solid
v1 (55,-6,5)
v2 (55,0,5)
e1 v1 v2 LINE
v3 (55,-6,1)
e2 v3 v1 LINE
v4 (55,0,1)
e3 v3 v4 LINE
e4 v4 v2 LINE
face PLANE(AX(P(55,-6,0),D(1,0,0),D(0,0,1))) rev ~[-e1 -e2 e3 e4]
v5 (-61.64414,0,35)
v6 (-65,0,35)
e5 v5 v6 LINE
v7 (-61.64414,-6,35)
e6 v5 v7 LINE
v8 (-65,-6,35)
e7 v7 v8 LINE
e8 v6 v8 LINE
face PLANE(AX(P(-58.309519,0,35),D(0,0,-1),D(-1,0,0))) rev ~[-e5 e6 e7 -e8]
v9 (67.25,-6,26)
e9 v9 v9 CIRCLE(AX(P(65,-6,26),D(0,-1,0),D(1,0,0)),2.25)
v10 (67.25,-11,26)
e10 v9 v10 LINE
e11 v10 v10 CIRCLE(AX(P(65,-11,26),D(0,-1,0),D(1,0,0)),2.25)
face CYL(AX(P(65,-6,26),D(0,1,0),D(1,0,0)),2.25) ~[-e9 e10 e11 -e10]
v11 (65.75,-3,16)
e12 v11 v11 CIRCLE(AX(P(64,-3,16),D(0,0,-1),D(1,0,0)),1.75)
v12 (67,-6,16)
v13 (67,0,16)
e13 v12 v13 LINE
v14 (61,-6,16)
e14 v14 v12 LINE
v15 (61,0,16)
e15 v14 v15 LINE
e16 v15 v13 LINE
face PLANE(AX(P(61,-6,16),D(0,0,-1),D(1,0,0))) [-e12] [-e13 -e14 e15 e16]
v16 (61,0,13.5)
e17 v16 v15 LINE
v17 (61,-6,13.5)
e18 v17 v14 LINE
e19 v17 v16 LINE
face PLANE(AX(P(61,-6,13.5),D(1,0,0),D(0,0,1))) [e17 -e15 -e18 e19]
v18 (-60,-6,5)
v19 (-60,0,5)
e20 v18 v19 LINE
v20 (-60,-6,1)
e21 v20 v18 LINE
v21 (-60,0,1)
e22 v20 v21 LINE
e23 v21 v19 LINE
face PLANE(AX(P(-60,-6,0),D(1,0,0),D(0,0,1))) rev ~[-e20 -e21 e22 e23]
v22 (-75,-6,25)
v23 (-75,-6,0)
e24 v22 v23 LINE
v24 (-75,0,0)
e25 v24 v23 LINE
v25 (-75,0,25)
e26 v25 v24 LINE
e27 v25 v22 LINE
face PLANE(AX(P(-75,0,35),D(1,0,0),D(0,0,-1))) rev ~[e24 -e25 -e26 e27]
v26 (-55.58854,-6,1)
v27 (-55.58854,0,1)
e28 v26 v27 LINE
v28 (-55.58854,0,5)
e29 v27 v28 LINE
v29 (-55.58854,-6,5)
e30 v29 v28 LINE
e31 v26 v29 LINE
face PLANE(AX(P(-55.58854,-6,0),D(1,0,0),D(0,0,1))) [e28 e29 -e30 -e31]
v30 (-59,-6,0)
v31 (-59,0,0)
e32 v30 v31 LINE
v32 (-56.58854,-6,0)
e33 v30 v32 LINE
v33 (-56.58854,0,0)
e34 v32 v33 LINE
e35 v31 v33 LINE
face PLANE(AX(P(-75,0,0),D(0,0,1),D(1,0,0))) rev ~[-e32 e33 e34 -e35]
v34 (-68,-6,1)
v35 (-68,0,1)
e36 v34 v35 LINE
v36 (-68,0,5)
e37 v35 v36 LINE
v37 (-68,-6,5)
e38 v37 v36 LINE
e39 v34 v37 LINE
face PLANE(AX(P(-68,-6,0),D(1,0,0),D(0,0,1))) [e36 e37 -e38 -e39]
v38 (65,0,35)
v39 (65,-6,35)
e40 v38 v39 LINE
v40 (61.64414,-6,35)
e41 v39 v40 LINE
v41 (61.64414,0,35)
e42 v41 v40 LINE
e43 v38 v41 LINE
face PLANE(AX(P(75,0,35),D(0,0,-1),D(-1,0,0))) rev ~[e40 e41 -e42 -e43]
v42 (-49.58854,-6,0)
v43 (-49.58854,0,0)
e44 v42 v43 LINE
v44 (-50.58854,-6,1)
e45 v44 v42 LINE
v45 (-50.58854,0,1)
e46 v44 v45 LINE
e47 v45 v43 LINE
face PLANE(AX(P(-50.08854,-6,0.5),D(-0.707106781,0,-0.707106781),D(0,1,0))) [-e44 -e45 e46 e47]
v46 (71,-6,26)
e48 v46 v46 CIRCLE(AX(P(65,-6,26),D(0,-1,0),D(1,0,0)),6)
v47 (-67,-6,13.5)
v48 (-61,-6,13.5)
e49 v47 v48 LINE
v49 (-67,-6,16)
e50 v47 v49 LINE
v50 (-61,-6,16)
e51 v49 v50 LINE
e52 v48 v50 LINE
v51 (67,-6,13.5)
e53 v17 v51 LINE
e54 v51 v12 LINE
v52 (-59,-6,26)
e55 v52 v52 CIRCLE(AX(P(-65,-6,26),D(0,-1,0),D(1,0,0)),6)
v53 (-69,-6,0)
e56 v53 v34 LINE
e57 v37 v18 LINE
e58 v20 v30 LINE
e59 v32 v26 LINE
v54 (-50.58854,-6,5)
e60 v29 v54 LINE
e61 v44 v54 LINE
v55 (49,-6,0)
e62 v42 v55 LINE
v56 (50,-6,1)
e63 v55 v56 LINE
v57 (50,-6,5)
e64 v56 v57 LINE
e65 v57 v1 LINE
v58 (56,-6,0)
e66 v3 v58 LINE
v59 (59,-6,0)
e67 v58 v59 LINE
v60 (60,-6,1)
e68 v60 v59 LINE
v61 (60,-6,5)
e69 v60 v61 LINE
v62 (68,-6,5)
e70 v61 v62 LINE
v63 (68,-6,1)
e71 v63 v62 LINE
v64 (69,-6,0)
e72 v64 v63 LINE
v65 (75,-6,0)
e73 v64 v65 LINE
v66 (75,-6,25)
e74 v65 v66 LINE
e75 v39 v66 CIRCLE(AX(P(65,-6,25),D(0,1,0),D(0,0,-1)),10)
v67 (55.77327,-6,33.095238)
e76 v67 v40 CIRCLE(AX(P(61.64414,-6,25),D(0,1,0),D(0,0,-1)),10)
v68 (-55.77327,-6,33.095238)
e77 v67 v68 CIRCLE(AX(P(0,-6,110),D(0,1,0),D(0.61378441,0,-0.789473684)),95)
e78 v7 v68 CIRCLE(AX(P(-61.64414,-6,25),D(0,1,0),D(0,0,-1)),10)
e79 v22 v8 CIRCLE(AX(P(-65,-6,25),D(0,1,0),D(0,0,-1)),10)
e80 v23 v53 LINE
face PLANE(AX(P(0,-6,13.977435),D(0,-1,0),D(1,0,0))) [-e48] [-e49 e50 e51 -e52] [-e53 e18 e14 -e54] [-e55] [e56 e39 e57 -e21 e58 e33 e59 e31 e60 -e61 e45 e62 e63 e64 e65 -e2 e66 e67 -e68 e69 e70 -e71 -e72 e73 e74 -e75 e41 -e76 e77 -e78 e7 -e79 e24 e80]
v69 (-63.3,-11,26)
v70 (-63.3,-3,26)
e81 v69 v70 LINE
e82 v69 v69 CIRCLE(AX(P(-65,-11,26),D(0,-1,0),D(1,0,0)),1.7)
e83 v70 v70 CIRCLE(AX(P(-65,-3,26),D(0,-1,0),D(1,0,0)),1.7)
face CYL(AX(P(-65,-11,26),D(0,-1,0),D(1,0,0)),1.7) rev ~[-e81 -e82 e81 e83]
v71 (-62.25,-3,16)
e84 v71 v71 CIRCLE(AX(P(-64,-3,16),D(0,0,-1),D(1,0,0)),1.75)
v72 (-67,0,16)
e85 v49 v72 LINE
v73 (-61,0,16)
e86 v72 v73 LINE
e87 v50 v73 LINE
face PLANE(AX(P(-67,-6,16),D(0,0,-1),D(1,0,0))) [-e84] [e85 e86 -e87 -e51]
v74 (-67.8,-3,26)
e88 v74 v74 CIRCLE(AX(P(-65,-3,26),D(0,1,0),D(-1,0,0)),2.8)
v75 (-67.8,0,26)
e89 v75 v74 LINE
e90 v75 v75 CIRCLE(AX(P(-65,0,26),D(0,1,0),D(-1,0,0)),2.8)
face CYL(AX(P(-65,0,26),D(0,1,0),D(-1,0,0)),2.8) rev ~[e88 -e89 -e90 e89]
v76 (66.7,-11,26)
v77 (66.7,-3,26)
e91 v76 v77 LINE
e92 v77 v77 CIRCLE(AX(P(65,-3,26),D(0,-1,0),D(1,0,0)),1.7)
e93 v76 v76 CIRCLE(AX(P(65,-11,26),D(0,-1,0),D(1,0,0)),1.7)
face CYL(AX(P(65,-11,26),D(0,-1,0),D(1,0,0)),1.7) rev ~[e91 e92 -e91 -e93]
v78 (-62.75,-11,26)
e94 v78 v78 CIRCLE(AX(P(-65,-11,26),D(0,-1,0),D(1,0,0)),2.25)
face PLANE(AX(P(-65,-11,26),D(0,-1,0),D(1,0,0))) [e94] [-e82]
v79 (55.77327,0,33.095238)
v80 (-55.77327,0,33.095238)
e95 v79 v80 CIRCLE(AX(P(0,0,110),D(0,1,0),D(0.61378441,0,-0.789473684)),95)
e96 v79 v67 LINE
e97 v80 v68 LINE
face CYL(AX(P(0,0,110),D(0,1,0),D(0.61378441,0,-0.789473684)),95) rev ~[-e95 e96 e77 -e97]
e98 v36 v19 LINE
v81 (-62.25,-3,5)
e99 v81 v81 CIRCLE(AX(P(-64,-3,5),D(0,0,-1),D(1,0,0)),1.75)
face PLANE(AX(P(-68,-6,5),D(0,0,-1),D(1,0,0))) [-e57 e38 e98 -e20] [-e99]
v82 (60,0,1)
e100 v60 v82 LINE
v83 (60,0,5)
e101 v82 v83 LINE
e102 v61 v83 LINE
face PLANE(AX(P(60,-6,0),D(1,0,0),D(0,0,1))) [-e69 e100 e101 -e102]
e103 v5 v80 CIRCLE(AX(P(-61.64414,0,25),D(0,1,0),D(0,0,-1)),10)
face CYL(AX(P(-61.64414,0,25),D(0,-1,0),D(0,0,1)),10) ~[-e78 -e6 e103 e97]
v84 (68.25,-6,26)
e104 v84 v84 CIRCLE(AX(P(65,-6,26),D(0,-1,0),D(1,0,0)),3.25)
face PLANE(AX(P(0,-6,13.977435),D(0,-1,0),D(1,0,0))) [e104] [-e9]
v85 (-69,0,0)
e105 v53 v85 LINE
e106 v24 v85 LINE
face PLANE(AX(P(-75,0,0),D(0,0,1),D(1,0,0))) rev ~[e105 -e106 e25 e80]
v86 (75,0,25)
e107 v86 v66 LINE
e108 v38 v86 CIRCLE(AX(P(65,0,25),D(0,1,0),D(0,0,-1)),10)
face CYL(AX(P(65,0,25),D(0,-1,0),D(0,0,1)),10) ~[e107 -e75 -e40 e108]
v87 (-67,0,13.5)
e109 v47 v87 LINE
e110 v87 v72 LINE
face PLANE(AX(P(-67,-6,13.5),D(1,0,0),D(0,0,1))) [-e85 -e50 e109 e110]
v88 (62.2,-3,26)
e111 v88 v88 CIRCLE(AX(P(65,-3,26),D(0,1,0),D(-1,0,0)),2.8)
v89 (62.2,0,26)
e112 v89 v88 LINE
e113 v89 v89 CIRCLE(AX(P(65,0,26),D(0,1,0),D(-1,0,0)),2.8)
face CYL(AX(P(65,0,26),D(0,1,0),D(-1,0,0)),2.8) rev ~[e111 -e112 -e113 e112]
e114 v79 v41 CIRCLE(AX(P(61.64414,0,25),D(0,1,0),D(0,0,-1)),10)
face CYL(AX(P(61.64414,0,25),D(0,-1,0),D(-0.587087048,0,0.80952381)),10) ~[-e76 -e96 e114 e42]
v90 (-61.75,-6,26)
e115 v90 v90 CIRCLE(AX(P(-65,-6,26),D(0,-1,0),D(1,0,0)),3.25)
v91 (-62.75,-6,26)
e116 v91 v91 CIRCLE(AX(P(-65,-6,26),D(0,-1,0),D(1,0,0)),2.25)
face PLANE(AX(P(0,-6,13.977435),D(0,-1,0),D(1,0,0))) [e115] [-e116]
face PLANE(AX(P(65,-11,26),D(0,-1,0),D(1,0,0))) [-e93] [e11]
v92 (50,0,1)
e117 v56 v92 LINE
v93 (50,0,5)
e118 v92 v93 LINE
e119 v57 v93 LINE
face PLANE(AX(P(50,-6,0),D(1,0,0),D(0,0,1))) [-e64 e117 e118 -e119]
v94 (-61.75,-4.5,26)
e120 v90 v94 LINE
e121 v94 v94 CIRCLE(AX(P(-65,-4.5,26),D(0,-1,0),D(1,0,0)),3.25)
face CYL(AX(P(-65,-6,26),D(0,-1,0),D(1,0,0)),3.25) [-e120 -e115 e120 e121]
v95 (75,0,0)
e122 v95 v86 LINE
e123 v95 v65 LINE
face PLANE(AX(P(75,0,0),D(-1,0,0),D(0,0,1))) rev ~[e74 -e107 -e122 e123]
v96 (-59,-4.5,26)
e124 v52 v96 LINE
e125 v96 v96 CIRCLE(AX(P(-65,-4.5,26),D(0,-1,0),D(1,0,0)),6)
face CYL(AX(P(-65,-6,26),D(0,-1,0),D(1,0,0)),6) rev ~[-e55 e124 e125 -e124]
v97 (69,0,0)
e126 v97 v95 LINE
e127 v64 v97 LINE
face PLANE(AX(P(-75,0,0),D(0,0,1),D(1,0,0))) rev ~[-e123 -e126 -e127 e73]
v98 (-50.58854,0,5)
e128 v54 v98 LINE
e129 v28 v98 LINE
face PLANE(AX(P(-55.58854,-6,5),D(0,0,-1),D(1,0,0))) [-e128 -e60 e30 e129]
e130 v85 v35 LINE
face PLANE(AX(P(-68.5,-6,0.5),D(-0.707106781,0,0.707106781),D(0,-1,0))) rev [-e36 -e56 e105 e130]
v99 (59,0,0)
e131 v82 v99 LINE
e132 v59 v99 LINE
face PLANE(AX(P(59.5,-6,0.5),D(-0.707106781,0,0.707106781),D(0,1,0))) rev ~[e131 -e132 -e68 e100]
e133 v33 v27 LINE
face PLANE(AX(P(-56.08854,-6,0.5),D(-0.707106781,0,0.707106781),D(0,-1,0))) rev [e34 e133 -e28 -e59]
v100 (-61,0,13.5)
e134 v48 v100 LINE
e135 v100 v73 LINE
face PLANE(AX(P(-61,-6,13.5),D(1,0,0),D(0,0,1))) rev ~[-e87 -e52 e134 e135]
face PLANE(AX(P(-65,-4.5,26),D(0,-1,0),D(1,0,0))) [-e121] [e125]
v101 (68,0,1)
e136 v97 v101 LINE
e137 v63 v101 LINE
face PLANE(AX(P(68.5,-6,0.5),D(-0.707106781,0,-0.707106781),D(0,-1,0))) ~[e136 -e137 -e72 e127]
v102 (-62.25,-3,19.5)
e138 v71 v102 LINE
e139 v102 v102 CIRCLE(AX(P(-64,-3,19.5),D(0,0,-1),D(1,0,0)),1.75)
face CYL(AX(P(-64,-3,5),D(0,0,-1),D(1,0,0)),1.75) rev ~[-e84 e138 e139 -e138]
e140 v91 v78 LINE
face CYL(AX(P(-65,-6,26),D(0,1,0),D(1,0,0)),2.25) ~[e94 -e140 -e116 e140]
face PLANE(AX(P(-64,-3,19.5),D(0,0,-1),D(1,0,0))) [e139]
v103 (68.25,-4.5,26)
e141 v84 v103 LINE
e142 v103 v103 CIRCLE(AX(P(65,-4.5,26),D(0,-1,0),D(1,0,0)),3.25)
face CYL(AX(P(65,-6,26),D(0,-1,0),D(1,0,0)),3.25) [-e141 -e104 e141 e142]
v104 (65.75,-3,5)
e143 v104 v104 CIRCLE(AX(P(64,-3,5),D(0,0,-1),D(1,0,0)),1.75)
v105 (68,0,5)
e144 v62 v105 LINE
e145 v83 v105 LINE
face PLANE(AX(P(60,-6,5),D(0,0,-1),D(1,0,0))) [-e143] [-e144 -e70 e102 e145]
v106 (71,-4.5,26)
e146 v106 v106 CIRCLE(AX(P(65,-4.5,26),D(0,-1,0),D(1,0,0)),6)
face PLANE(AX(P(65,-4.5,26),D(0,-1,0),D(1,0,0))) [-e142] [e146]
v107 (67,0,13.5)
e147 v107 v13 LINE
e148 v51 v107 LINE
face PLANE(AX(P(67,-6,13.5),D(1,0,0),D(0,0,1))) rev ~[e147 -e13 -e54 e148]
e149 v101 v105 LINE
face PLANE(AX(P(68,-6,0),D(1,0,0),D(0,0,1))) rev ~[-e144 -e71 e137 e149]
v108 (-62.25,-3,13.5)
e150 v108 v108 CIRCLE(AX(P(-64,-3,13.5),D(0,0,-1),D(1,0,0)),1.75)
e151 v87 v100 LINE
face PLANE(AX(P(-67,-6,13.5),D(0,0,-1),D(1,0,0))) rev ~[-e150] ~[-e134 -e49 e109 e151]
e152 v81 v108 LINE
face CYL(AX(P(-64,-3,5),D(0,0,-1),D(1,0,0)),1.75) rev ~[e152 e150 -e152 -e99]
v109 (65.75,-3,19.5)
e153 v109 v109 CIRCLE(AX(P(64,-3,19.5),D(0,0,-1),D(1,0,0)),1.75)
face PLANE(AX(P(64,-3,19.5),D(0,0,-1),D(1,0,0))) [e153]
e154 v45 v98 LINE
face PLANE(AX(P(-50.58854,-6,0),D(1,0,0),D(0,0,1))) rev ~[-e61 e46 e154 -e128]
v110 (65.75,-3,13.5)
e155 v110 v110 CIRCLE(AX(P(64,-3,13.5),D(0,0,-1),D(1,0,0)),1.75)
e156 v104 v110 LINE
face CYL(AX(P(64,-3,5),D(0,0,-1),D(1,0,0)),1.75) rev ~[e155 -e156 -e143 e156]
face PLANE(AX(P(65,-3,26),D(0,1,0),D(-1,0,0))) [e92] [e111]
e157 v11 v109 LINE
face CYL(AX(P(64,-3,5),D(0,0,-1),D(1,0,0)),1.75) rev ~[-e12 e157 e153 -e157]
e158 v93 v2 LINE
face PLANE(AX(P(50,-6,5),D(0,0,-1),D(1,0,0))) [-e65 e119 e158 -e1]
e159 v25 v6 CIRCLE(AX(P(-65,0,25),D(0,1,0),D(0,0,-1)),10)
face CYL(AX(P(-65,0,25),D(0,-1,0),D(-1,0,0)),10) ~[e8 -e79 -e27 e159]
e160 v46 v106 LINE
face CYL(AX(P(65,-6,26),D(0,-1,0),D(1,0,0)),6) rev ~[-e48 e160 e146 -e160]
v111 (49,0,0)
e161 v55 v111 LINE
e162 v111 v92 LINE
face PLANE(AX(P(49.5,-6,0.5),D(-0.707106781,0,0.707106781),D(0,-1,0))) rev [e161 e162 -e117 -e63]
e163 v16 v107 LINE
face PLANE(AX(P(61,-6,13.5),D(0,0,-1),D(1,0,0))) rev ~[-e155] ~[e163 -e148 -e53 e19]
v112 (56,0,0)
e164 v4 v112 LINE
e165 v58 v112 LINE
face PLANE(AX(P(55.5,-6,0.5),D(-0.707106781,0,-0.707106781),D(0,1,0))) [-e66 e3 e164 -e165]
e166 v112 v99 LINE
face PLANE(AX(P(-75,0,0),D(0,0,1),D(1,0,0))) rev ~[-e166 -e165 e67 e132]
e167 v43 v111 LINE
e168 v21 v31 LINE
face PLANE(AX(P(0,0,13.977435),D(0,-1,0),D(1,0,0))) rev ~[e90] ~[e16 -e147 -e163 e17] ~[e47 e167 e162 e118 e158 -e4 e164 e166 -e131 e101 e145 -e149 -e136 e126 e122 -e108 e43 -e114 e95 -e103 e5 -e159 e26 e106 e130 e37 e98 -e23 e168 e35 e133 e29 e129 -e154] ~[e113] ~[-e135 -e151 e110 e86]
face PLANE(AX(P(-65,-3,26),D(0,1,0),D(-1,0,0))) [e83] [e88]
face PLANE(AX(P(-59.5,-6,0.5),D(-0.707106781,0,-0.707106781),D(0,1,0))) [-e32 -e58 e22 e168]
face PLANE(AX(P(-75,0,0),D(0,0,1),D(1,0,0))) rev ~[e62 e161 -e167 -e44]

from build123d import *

# Parameters (mm, degrees)
F1_DEPTH  = 6
F2_R      = 6
F2_R_2    = 3.25
F3_DEPTH  = 1.5
F4_W      = 8
F4_H      = 5
F4_W_2    = 6
F4_H_2    = 2.5
F4_W_3    = 5
F5_DEPTH  = 6.001
F6_R      = 10
F7_SIZE   = 1
F8_R      = 1.75
F9_DEPTH  = 14.5
F10_R     = 1.75
F11_DEPTH = 14.5
F12_R     = 2.25
F13_DEPTH = 5
F14_R     = 1.7
F15_DEPTH = 11.001
F16_R     = 2.25
F17_DEPTH = 5
F18_R     = 1.7
F19_DEPTH = 11.001
F20_R     = 2.8
F20_R_2   = 1.7
F21_DEPTH = 3


with BuildPart() as f1:
    # F0 (on Front) → F1 (new body)
    with BuildSketch(Plane.XZ):
        with BuildLine():
            Line((-75, 0), (75, 0))
            Line((75, 0), (75, 35))
            Line((75, 35), (58.3095189485, 35))
            ThreePointArc((58.3095189485, 35), (0, 15), (-58.3095189485, 35))
            Line((-58.3095189485, 35), (-75, 35))
            Line((-75, 35), (-75, 0))
        make_face()
    extrude(amount=F1_DEPTH)

    # F2 (on face) → F3 (cut)
    with BuildSketch(Plane.XZ.offset(6)):
        with Locations((-65, 26)):
            Circle(F2_R)
        with Locations((-65, 26)):
            Circle(F2_R_2, mode=Mode.SUBTRACT)
        with Locations((65, 26)):
            Circle(F2_R)
        with Locations((65, 26)):
            Circle(F2_R_2, mode=Mode.SUBTRACT)
    extrude(amount=-F3_DEPTH, mode=Mode.SUBTRACT)

    # F4 (on face) → F5 (cut, through all)
    with BuildSketch(Plane.XZ.offset(6)):
        with Locations((-64, 2.5)):
            Rectangle(F4_W, F4_H)
        with Locations((64, 2.5)):
            Rectangle(F4_W, F4_H)
        with Locations((-64, 14.75)):
            Rectangle(F4_W_2, F4_H_2)
        with Locations((64, 14.75)):
            Rectangle(F4_W_2, F4_H_2)
        with Locations((52.5, 2.5)):
            Rectangle(F4_W_3, F4_H)
        with Locations((-53.0885396898, 2.5)):
            Rectangle(F4_W_3, F4_H)
    extrude(amount=-F5_DEPTH, mode=Mode.SUBTRACT)

    # F6
    f6_edges = [f1.edges().sort_by_distance(p)[0] for p in [
        (-75, -3, 35),
        (75, -3, 35),
        (58.309519, -3, 35),
        (-58.309519, -3, 35),
    ]]
    fillet(f6_edges, radius=F6_R)

    # F7
    f7_edges = [f1.edges().sort_by_distance(p)[0] for p in [
        (-68, -3, 0),
        (-60, -3, 0),
        (60, -3, 0),
        (68, -3, 0),
        (-55.58854, -3, 0),
        (-50.58854, -3, 0),
        (50, -3, 0),
        (55, -3, 0),
    ]]
    chamfer(f7_edges, length=F7_SIZE)

    # F8 (on face) → F9 (cut)
    with BuildSketch(Plane(origin=(0, 0, 5), x_dir=(1, 0, 0), z_dir=(0, 0, -1))):
        with Locations((-64, 3)):
            Circle(F8_R)
    extrude(amount=-F9_DEPTH, mode=Mode.SUBTRACT)

    # F10 (on face) → F11 (cut)
    with BuildSketch(Plane(origin=(0, 0, 5), x_dir=(1, 0, 0), z_dir=(0, 0, -1))):
        with Locations((64, 3)):
            Circle(F10_R)
    extrude(amount=-F11_DEPTH, mode=Mode.SUBTRACT)

    # F12 (on face) → F13 (join)
    with BuildSketch(Plane.XZ.offset(6)):
        with Locations((-65, 26)):
            Circle(F12_R)
    extrude(amount=F13_DEPTH)

    # F14 (on face) → F15 (cut, through all)
    with BuildSketch(Plane.XZ.offset(11)):
        with Locations((-65, 26)):
            Circle(F14_R)
    extrude(amount=-F15_DEPTH, mode=Mode.SUBTRACT)

    # F16 (on face) → F17 (join)
    with BuildSketch(Plane.XZ.offset(6)):
        with Locations((65, 26)):
            Circle(F16_R)
    extrude(amount=F17_DEPTH)

    # F18 (on face) → F19 (cut, through all)
    with BuildSketch(Plane.XZ.offset(11)):
        with Locations((65, 26)):
            Circle(F18_R)
    extrude(amount=-F19_DEPTH, mode=Mode.SUBTRACT)

    # F20 (on face) → F21 (cut)
    with BuildSketch(Plane(origin=(0, 0, 0), x_dir=(-1, 0, 0), z_dir=(0, 1, 0))):
        with Locations((-65, 26)):
            Circle(F20_R)
        with Locations((-65, 26)):
            Circle(F20_R_2, mode=Mode.SUBTRACT)
        with Locations((65, 26)):
            Circle(F20_R)
        with Locations((65, 26)):
            Circle(F20_R_2, mode=Mode.SUBTRACT)
    extrude(amount=-F21_DEPTH, mode=Mode.SUBTRACT)


solid = f1.part
